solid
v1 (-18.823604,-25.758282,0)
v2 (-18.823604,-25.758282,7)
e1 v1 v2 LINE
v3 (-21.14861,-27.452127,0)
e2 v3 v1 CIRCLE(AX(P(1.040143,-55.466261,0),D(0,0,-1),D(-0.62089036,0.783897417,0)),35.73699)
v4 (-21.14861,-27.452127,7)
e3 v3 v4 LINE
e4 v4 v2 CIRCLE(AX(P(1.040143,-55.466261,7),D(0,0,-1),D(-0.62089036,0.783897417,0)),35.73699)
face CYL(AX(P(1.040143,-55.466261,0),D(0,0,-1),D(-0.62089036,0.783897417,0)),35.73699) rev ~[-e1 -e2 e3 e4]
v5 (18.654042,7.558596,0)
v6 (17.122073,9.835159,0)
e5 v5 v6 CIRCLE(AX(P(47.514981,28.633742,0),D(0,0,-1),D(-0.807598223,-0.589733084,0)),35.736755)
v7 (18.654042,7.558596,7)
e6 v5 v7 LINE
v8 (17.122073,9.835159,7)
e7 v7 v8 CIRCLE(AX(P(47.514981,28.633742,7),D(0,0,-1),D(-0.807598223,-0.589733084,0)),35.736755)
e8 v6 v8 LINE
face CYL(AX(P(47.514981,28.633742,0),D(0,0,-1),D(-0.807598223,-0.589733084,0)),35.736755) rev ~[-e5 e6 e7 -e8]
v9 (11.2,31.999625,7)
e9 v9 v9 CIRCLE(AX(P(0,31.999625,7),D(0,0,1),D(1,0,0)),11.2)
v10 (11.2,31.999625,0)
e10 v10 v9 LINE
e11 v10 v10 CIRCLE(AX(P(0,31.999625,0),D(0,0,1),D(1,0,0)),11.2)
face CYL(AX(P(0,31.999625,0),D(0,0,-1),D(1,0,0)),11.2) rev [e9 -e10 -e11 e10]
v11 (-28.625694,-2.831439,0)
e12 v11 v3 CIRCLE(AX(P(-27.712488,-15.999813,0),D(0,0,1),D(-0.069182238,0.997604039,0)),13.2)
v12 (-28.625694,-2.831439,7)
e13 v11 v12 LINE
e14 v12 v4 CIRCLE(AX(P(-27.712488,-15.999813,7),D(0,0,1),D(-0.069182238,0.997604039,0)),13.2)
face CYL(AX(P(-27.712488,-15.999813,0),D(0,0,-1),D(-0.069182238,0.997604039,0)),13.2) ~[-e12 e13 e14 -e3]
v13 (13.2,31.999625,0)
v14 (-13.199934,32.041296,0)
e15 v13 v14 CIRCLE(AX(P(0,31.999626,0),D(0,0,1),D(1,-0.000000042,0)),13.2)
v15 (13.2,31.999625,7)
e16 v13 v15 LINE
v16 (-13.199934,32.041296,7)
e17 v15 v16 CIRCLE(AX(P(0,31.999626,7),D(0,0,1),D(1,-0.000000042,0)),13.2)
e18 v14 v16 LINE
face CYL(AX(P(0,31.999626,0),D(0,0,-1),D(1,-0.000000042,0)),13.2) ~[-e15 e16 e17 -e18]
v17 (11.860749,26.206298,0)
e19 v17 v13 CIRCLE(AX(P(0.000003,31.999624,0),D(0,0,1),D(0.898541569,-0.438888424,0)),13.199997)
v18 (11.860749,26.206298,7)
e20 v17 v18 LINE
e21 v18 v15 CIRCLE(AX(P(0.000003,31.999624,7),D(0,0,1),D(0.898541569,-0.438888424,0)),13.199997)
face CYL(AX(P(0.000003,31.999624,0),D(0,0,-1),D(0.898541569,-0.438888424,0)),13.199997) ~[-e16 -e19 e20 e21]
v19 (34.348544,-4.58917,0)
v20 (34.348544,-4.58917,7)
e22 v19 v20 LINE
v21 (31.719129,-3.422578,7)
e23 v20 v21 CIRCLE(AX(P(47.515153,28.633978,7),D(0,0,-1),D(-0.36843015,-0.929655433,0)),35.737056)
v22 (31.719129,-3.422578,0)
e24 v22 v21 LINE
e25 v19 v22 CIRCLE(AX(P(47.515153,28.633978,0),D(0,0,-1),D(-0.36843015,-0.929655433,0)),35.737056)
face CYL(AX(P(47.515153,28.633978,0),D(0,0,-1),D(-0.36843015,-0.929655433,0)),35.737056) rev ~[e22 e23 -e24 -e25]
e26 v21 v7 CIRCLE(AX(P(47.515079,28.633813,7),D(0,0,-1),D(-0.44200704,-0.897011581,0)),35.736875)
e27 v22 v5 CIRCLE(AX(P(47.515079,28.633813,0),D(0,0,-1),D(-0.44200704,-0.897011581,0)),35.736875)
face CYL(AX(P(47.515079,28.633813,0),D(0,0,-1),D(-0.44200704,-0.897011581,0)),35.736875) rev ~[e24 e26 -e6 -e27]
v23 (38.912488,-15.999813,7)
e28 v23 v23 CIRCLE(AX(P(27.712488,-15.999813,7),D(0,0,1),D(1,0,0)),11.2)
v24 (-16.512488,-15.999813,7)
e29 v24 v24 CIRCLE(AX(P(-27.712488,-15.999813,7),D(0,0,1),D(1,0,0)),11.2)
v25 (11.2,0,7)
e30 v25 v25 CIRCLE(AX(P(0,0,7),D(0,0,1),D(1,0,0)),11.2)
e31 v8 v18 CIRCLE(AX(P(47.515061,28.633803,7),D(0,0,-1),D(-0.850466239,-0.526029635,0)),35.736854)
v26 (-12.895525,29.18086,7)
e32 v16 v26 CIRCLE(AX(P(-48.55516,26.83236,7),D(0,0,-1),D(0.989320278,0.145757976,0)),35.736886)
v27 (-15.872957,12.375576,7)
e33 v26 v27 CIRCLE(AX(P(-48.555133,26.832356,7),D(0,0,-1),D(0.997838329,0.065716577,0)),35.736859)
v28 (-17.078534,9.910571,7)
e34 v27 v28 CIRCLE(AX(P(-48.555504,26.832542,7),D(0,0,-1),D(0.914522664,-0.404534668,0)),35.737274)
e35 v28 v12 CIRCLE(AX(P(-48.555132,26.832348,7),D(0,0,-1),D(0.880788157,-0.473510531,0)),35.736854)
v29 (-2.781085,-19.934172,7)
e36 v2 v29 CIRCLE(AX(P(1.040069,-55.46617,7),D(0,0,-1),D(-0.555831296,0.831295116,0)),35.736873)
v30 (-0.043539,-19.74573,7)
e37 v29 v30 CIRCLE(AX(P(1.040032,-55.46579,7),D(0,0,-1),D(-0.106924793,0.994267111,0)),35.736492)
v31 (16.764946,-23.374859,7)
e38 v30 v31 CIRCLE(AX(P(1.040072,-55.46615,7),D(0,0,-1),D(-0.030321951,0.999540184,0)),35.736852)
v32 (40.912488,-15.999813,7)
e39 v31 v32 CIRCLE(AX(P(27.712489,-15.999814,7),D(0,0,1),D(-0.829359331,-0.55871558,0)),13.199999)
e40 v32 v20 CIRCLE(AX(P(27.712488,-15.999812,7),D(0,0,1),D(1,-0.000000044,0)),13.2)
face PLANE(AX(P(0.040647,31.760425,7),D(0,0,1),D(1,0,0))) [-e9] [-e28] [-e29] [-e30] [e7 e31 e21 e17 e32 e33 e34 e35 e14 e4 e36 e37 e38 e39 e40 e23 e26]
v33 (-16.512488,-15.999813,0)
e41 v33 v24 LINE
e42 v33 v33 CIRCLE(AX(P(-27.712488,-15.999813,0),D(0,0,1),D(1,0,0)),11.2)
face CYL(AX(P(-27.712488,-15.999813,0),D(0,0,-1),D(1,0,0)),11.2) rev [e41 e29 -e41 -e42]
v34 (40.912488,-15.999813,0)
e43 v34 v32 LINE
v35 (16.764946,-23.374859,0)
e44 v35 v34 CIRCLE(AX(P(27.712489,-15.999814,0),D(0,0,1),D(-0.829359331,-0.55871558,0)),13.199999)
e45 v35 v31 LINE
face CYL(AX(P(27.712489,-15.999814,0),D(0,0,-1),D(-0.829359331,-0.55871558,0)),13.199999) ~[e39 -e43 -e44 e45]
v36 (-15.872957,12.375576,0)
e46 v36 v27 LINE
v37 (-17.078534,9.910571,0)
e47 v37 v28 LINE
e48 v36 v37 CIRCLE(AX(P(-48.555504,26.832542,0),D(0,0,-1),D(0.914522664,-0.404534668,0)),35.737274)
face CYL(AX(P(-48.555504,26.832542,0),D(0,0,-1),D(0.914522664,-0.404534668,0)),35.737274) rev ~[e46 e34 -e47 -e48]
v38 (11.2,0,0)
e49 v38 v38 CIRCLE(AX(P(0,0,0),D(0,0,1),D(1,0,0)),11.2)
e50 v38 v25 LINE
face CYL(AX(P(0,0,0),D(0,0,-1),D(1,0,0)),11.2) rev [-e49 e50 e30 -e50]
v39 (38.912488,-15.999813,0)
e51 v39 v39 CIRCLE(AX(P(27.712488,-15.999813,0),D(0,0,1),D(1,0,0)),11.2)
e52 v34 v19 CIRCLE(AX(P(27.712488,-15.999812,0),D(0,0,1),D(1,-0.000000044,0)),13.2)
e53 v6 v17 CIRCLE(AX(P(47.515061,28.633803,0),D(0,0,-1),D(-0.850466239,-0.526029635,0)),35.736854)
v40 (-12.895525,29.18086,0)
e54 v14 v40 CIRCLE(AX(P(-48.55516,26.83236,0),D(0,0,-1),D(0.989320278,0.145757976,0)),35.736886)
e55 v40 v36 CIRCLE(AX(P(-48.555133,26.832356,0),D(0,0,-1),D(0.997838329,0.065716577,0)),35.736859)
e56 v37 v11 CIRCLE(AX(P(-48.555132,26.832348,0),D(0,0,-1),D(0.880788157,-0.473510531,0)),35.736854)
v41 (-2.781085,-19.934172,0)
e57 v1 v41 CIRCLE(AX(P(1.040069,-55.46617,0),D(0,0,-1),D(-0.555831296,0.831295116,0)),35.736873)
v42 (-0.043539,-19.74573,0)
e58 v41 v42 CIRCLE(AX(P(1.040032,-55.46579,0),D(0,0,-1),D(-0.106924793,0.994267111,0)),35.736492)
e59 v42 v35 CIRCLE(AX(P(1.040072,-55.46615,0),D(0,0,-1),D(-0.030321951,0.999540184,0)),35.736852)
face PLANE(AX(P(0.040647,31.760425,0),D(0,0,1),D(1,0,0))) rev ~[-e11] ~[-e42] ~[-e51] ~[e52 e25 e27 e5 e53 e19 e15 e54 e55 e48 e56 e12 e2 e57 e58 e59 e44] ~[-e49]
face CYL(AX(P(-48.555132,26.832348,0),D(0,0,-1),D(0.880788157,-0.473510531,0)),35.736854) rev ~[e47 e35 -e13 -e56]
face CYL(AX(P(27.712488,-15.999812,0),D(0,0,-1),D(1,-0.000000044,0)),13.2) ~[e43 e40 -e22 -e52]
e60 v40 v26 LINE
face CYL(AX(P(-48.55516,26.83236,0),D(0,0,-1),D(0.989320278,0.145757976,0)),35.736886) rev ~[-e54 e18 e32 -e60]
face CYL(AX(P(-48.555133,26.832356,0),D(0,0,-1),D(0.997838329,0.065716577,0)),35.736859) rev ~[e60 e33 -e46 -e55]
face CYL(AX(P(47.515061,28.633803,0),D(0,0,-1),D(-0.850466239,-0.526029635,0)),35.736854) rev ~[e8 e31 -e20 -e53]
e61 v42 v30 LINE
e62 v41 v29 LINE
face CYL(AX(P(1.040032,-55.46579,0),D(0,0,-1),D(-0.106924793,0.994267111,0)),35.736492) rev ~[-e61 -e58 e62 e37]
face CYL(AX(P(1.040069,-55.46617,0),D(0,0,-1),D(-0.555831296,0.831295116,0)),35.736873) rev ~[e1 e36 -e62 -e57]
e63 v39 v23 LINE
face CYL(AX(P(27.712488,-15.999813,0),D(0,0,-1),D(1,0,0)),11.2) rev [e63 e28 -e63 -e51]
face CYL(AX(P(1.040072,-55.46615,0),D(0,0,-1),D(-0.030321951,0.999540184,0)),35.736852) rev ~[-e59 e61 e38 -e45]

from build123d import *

# Parameters (mm, degrees)
F0_R     = 11.2
F1_DEPTH = 7


with BuildPart() as f1:
    # F0 (on Top) → F1 (new body)
    with BuildSketch(Plane.XY):
        with BuildLine():
            ThreePointArc((-12.895525, 29.18086), (-1.574705, 18.89389), (11.860749, 26.206298))
            ThreePointArc((11.860749, 26.206298), (12.86083, 29.02657), (13.2, 31.999625))
            ThreePointArc((13.2, 31.999625), (0.020836, 45.199609), (-13.199934, 32.041296))
            ThreePointArc((-13.199934, 32.041296), (-13.018937, 30.614142), (-12.895525, 29.18086))
        make_face()
        with Locations((0, 31.999625)):
            Circle(F0_R, mode=Mode.SUBTRACT)
        with BuildLine():
            ThreePointArc((-21.14861, -27.452127), (-20.003156, -26.581801), (-18.823604, -25.758282))
            ThreePointArc((-18.823604, -25.758282), (-15.638275, -21.333982), (-14.512488, -15.999813))
            ThreePointArc((-14.512488, -15.999813), (-18.707332, -6.348535), (-28.625694, -2.831439))
            ThreePointArc((-28.625694, -2.831439), (-40.342892, -19.835554), (-21.14861, -27.452127))
        make_face()
        with Locations((-27.712488, -15.999813)):
            Circle(F0_R, mode=Mode.SUBTRACT)
        with BuildLine():
            ThreePointArc((0.487931, -13.190979), (9.504754, -9.159676), (13.2, 0))
            ThreePointArc((13.2, 0), (13.021497, 2.163471), (12.490817, 4.268429))
            ThreePointArc((12.490817, 4.268429), (11.91487, 5.681186), (11.179757, 7.01805))
            ThreePointArc((11.179757, 7.01805), (1.037384, 13.159173), (-9.941977, 8.68315))
            ThreePointArc((-9.941977, 8.68315), (-10.877486, 7.477987), (-11.667688, 6.172929))
            ThreePointArc((-11.667688, 6.172929), (-11.91487, -5.681186), (-2.54884, -12.95158))
            ThreePointArc((-2.54884, -12.95158), (-1.037384, -13.159173), (0.487931, -13.190979))
        make_face()
        Circle(F0_R, mode=Mode.SUBTRACT)
        with BuildLine():
            ThreePointArc((34.348544, -4.58917), (33.022094, -4.032341), (31.719129, -3.422578))
            ThreePointArc((31.719129, -3.422578), (17.149941, -8.083211), (16.764946, -23.374859))
            ThreePointArc((16.764946, -23.374859), (31.568162, -28.624146), (40.912488, -15.999813))
            ThreePointArc((40.912488, -15.999813), (39.154427, -9.417865), (34.348544, -4.58917))
        make_face()
        with Locations((27.712488, -15.999813)):
            Circle(F0_R, mode=Mode.SUBTRACT)
        with BuildLine():
            ThreePointArc((-11.667688, 6.172929), (-10.877486, 7.477987), (-9.941977, 8.68315))
            Line((-9.941977, 8.68315), (-15.872957, 12.375576))
            ThreePointArc((-15.872957, 12.375576), (-16.452078, 11.131498), (-17.078534, 9.910571))
            Line((-17.078534, 9.910571), (-11.667688, 6.172929))
        make_face()
        with BuildLine():
            ThreePointArc((11.179757, 7.01805), (11.91487, 5.681186), (12.490817, 4.268429))
            Line((12.490817, 4.268429), (18.654042, 7.558596))
            ThreePointArc((18.654042, 7.558596), (17.866199, 8.682168), (17.122073, 9.835159))
            Line((17.122073, 9.835159), (11.179757, 7.01805))
        make_face()
        with BuildLine():
            Line((-0.043539, -19.74573), (0.487931, -13.190979))
            ThreePointArc((0.487931, -13.190979), (-1.037384, -13.159173), (-2.54884, -12.95158))
            Line((-2.54884, -12.95158), (-2.781085, -19.934172))
            ThreePointArc((-2.781085, -19.934172), (-1.414121, -19.813666), (-0.043539, -19.74573))
        make_face()
        with BuildLine():
            ThreePointArc((-9.941977, 8.68315), (1.037384, 13.159173), (11.179757, 7.01805))
            Line((11.179757, 7.01805), (17.122073, 9.835159))
            ThreePointArc((17.122073, 9.835159), (13.492054, 17.699557), (11.860749, 26.206298))
            ThreePointArc((11.860749, 26.206298), (-1.574705, 18.89389), (-12.895525, 29.18086))
            ThreePointArc((-12.895525, 29.18086), (-13.366296, 20.597866), (-15.872957, 12.375576))
            Line((-15.872957, 12.375576), (-9.941977, 8.68315))
        make_face()
        with BuildLine():
            Line((-2.781085, -19.934172), (-2.54884, -12.95158))
            ThreePointArc((-2.54884, -12.95158), (-11.91487, -5.681186), (-11.667688, 6.172929))
            Line((-11.667688, 6.172929), (-17.078534, 9.910571))
            ThreePointArc((-17.078534, 9.910571), (-22.074293, 2.834683), (-28.625694, -2.831439))
            ThreePointArc((-28.625694, -2.831439), (-18.707332, -6.348535), (-14.512488, -15.999813))
            ThreePointArc((-14.512488, -15.999813), (-15.638275, -21.333982), (-18.823604, -25.758282))
            ThreePointArc((-18.823604, -25.758282), (-11.155127, -21.874485), (-2.781085, -19.934172))
        make_face()
        with BuildLine():
            ThreePointArc((12.490817, 4.268429), (13.021497, 2.163471), (13.2, 0))
            ThreePointArc((13.2, 0), (9.504754, -9.159676), (0.487931, -13.190979))
            Line((0.487931, -13.190979), (-0.043539, -19.74573))
            ThreePointArc((-0.043539, -19.74573), (8.582239, -20.53424), (16.764946, -23.374859))
            ThreePointArc((16.764946, -23.374859), (17.149941, -8.083211), (31.719129, -3.422578))
            ThreePointArc((31.719129, -3.422578), (24.521424, 1.276619), (18.654042, 7.558596))
            Line((18.654042, 7.558596), (12.490817, 4.268429))
        make_face()
    extrude(amount=F1_DEPTH)


solid = f1.part
